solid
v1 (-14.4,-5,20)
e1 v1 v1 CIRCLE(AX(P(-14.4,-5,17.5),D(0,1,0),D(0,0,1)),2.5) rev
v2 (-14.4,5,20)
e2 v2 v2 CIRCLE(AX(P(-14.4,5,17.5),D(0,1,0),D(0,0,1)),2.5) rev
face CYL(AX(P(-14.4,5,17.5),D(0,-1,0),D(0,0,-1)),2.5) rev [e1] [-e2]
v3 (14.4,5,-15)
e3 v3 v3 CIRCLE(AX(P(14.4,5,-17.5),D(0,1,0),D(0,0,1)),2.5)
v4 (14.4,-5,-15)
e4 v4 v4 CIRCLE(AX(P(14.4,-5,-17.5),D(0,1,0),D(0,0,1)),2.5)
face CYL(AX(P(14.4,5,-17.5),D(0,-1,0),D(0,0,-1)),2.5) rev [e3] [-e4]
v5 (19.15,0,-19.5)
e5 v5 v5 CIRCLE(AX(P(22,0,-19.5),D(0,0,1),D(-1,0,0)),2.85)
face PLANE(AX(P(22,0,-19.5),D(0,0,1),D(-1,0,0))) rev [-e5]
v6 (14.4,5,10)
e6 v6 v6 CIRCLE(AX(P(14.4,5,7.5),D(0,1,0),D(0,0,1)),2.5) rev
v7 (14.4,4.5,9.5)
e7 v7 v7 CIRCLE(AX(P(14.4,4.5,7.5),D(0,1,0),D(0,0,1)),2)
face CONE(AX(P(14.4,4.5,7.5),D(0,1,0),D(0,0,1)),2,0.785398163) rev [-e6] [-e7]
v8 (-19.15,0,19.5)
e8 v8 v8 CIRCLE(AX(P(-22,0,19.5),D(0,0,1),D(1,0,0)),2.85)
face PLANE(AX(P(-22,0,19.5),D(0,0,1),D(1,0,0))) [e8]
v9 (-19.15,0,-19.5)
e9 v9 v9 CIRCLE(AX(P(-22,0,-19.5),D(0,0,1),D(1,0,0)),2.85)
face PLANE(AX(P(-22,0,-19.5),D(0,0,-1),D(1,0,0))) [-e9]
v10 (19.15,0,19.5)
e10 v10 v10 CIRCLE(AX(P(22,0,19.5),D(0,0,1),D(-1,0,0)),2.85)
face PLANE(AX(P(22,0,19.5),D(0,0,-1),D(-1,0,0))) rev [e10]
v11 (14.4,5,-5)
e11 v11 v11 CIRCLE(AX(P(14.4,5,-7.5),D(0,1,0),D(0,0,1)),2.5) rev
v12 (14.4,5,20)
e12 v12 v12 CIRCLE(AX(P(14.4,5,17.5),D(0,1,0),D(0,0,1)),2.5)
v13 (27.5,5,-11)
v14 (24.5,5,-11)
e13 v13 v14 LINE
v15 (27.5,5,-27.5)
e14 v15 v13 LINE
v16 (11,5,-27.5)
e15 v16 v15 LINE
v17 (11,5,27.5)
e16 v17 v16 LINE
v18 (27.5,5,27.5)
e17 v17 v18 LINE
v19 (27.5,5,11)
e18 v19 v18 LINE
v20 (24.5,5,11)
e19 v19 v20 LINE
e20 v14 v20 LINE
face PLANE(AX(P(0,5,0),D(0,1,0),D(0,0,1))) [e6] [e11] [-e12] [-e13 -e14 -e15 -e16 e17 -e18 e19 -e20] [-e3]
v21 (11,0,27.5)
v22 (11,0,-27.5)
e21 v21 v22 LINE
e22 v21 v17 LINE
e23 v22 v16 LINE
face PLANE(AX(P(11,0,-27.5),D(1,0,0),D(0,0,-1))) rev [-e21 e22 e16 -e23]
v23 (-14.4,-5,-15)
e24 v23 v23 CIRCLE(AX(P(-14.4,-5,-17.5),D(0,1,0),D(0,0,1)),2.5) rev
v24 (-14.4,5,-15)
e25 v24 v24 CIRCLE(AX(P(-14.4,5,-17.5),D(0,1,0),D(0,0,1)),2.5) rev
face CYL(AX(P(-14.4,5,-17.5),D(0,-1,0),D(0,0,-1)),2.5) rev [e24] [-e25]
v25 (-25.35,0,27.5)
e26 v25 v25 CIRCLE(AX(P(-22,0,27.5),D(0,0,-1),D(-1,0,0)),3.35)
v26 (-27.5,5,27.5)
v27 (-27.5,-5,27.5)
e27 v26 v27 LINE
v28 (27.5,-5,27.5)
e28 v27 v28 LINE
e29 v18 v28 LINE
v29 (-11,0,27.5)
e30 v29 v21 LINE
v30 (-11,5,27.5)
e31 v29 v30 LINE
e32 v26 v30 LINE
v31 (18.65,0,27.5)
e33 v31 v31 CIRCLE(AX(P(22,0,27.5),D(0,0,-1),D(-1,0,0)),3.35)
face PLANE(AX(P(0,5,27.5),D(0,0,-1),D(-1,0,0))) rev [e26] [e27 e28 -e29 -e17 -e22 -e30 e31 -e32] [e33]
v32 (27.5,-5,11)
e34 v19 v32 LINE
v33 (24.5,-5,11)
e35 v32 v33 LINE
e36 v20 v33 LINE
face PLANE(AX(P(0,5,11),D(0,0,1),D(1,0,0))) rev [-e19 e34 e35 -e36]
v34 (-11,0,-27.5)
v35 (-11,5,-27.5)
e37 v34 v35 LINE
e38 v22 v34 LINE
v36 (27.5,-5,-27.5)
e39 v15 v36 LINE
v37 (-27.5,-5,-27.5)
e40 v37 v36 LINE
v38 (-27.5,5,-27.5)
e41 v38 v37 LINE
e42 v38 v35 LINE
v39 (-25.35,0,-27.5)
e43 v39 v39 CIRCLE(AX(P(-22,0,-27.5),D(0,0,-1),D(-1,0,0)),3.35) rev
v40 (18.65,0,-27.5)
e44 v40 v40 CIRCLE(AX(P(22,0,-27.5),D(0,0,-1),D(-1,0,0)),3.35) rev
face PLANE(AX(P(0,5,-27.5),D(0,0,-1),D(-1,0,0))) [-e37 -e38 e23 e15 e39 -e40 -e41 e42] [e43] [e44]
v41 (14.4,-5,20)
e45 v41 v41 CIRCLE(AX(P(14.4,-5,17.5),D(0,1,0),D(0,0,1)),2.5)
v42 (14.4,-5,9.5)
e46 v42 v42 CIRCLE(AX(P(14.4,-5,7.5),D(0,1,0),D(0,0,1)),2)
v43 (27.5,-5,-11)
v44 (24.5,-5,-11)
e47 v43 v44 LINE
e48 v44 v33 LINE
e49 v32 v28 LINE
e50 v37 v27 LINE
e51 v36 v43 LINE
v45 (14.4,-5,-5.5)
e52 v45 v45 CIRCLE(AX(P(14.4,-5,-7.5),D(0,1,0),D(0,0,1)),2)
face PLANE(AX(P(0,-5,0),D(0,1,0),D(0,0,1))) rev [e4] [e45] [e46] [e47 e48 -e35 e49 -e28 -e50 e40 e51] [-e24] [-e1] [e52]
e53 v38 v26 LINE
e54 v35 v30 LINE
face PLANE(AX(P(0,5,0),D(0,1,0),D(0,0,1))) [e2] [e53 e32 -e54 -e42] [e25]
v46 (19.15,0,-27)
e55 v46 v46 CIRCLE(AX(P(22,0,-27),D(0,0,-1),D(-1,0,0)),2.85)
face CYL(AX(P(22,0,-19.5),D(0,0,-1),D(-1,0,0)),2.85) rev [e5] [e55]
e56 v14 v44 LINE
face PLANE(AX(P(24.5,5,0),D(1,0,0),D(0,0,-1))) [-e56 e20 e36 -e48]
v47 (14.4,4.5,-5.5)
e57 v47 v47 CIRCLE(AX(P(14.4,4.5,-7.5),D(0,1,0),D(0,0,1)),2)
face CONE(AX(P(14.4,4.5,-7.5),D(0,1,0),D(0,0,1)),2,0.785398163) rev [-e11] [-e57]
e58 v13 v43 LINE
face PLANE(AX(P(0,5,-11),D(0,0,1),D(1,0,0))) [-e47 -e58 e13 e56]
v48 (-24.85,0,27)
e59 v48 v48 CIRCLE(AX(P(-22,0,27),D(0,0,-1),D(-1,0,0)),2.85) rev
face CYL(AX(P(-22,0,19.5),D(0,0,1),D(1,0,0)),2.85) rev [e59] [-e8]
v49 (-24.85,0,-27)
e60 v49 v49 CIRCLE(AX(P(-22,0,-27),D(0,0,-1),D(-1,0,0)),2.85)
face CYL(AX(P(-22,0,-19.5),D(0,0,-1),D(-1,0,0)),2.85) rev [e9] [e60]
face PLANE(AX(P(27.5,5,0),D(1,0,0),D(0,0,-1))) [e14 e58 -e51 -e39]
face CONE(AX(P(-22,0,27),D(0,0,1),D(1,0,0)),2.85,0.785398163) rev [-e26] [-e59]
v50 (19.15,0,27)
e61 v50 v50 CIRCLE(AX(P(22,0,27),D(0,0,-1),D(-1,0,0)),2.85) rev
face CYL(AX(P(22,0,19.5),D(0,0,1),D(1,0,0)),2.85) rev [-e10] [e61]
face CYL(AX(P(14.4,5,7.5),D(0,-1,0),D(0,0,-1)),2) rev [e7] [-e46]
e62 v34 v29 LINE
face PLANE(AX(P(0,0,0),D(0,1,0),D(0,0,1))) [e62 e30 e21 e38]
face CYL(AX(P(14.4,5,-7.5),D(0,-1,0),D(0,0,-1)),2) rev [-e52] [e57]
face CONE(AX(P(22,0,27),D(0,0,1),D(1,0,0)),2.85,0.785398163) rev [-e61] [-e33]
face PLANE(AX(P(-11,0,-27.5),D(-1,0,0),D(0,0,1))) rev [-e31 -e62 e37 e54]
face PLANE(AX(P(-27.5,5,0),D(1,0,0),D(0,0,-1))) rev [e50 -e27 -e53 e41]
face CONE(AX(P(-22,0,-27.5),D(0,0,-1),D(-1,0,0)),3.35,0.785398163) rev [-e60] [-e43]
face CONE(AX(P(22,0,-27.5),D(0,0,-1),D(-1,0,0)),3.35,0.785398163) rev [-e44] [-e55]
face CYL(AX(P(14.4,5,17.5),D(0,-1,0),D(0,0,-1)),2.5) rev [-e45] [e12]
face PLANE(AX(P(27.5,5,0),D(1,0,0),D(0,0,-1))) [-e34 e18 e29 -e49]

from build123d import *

# Parameters (mm, degrees)
SKETCH1_R           = 2.5
SKETCH1_R_2         = 2
BOSS_EXTRUDE1_DEPTH = 5
SKETCH2_R           = 2.85
CUT_EXTRUDE1_DEPTH  = 8
CHAMFER1_SIZE       = 0.5
SKETCH3_W           = 22
SKETCH3_H           = 55
CUT_EXTRUDE2_DEPTH  = 5


with BuildPart() as part:
    # Sketch1 → Boss-Extrude1 (new, symmetric)
    with BuildSketch(Plane(origin=(0, 0, 0), x_dir=(1, 0, 0), z_dir=(0, 1, 0))):
        Polygon((27.5, 27.5), (-27.5, 27.5), (-27.5, -27.5), (27.5, -27.5), (27.5, -11), (24.5, -11), (24.5, 11), (27.5, 11), align=None)
        with Locations(Location((-14.4, -17.5, 0), (0, 0, 270))):
            Circle(SKETCH1_R, mode=Mode.SUBTRACT)
        with Locations(Location((14.4, -17.5, 0), (0, 0, 270))):
            Circle(SKETCH1_R, mode=Mode.SUBTRACT)
        with Locations(Location((14.4, -7.5, 0), (0, 0, 270))):
            Circle(SKETCH1_R_2, mode=Mode.SUBTRACT)
        with Locations(Location((-14.4, 17.5, 0), (0, 0, 270))):
            Circle(SKETCH1_R, mode=Mode.SUBTRACT)
        with Locations(Location((14.4, 7.5, 0), (0, 0, 270))):
            Circle(SKETCH1_R_2, mode=Mode.SUBTRACT)
        with Locations(Location((14.4, 17.5, 0), (0, 0, 270))):
            Circle(SKETCH1_R, mode=Mode.SUBTRACT)
    extrude(amount=BOSS_EXTRUDE1_DEPTH, both=True)

    # Sketch2 → Cut-Extrude1 (cut)
    with BuildSketch(Plane.XY.offset(27.5)):
        with Locations((-22, 0)):
            Circle(SKETCH2_R)
        with Locations(Location((22, 0, 0), (0, 0, 180))):
            Circle(SKETCH2_R)
    cut_extrude1 = extrude(amount=-CUT_EXTRUDE1_DEPTH, mode=Mode.SUBTRACT)

    # Mirror1: Cut-Extrude1 across plane
    add(cut_extrude1.mirror(Plane.XY), mode=Mode.SUBTRACT)

    # Chamfer1
    chamfer1_edges = [part.edges().sort_by_distance(p)[0] for p in [
        (14.4, 5, 5.5),
        (14.4, 5, -9.5),
        (-24.85, 0, 27.5),
        (24.85, 0, 27.5),
        (-24.85, 0, -27.5),
        (24.85, 0, -27.5),
    ]]
    chamfer(chamfer1_edges, length=CHAMFER1_SIZE)

    # Sketch3 → Cut-Extrude2 (cut)
    with BuildSketch(Plane(origin=(0, 5, 0), x_dir=(1, 0, 0), z_dir=(0, 1, 0))):
        Rectangle(SKETCH3_W, SKETCH3_H)
    extrude(amount=-CUT_EXTRUDE2_DEPTH, mode=Mode.SUBTRACT)


solid = part.part
